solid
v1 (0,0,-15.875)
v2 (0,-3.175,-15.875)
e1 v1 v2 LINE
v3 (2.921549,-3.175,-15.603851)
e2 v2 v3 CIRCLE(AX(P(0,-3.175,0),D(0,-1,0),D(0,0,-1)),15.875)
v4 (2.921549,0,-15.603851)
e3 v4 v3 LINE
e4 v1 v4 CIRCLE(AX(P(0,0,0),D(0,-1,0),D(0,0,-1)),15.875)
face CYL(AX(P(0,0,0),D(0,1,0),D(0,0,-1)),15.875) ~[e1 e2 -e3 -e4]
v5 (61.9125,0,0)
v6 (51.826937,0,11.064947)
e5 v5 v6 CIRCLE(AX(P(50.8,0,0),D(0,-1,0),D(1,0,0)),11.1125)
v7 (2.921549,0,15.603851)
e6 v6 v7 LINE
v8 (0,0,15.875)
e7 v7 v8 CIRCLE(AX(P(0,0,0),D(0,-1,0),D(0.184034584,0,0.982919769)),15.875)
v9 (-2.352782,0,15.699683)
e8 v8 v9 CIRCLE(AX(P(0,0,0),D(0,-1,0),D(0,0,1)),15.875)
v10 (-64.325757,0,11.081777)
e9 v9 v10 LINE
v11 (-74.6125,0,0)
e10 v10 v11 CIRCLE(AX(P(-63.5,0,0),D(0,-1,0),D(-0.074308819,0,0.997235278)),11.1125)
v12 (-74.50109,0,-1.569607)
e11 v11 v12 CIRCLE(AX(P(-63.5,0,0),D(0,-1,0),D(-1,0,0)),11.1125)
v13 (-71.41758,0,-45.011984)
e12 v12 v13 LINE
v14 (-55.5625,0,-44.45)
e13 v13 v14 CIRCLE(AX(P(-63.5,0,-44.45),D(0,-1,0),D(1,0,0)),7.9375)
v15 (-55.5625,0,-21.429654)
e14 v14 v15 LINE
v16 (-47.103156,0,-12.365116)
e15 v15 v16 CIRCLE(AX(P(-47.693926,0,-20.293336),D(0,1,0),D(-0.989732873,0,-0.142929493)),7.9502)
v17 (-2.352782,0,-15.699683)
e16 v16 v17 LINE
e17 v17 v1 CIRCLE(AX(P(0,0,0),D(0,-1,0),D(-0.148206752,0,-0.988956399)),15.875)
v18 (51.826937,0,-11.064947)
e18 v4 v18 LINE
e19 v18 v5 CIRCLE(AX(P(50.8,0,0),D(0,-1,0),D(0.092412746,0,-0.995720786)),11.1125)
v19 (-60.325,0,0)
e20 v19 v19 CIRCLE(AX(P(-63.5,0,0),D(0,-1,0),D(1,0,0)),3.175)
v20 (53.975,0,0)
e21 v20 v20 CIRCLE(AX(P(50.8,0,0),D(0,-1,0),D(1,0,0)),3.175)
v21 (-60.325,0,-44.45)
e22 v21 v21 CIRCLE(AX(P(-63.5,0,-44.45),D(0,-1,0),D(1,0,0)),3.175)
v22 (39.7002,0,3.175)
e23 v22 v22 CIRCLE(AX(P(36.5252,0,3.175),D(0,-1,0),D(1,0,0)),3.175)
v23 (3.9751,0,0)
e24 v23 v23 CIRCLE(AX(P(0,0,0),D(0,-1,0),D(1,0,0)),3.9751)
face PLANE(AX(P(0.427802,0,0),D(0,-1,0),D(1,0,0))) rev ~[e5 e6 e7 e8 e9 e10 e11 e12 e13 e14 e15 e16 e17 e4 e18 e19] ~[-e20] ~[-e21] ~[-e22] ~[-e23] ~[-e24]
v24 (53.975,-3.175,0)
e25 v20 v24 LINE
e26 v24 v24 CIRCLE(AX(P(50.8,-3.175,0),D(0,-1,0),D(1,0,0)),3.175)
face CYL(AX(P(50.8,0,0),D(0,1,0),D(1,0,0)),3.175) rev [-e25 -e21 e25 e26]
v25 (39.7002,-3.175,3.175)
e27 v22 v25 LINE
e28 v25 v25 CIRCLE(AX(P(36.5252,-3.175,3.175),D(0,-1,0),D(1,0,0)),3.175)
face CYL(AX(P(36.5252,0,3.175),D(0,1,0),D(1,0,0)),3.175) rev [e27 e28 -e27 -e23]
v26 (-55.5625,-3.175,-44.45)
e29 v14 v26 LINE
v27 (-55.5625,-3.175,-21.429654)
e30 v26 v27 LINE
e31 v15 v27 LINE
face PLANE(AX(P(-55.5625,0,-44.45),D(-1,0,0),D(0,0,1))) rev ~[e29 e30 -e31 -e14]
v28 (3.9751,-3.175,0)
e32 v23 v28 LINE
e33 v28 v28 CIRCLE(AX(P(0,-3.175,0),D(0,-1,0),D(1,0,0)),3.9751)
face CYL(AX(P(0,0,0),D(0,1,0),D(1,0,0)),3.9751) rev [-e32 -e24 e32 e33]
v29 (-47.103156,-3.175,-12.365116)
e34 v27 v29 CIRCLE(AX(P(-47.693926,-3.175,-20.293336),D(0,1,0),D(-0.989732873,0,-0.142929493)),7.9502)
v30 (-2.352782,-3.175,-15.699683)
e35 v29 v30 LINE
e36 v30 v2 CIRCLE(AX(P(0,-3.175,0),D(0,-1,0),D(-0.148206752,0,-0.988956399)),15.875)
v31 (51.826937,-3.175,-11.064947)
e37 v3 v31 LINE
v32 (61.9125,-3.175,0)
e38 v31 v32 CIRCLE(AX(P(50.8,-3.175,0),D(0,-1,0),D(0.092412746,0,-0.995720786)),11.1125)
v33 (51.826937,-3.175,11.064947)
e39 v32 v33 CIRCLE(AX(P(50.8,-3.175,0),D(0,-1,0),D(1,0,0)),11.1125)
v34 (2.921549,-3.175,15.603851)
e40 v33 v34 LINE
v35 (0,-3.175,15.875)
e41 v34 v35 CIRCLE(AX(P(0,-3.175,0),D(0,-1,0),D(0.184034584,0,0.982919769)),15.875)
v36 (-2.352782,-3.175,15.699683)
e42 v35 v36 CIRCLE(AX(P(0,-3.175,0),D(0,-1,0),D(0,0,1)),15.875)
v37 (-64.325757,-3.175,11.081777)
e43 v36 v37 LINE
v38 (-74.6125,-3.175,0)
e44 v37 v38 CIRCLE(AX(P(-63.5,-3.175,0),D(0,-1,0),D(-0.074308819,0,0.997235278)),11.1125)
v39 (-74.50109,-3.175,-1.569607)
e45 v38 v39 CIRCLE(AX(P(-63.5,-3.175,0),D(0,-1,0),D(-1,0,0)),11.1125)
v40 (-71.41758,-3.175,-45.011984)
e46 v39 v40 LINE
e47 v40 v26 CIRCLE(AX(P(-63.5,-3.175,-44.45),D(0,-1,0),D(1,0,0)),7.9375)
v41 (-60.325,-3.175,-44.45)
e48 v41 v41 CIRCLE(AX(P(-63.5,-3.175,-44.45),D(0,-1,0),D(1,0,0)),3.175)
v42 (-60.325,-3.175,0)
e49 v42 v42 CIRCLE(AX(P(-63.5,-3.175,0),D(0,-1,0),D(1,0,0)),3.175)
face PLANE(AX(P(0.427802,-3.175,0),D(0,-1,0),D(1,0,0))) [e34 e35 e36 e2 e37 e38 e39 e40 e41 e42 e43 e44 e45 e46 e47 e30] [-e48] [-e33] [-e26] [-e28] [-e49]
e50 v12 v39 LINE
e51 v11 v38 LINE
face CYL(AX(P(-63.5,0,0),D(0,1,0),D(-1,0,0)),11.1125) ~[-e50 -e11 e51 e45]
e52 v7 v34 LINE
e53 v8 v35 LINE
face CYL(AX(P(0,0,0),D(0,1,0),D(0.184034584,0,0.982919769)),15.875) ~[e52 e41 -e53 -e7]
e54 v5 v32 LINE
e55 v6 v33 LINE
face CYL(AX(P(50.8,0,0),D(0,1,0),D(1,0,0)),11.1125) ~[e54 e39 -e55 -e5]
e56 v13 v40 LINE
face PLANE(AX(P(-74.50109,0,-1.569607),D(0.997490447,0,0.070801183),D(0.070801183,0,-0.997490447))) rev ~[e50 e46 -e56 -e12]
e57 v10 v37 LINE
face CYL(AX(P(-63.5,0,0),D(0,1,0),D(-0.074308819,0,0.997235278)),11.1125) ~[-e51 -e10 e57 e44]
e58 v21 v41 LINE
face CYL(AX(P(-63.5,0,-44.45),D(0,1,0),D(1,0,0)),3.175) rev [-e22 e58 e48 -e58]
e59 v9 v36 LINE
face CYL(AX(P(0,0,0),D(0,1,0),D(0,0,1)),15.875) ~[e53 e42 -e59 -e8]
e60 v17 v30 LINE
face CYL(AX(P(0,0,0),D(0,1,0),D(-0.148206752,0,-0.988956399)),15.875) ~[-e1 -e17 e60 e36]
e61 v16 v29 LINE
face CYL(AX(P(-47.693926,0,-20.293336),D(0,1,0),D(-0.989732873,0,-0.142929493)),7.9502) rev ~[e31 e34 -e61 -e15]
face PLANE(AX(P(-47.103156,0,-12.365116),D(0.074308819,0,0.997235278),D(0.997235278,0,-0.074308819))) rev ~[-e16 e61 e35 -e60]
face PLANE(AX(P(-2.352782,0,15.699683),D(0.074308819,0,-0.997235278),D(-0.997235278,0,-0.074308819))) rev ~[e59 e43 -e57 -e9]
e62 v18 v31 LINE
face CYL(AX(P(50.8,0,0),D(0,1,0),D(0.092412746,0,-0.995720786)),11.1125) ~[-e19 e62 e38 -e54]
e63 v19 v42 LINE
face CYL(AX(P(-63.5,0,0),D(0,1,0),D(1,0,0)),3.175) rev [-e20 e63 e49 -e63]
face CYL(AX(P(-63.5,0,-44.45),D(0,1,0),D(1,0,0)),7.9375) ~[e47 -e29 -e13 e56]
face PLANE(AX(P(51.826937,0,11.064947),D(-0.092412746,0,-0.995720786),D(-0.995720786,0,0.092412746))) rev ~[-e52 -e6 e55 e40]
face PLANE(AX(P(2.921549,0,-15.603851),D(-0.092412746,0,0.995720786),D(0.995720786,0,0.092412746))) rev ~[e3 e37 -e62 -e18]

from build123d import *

# Parameters (mm, degrees)
F0_R     = 3.9751
F0_R_2   = 3.175
F1_DEPTH = 3.175


with BuildPart() as f1:
    # F0 (on Front) → F1 (new body)
    with BuildSketch(Plane.XZ):
        with BuildLine():
            ThreePointArc((2.9215490166, -15.6038513305), (12.2146472655, -10.1399219514), (15.875, 0))
            ThreePointArc((15.875, 0), (12.2146472655, 10.1399219514), (2.9215490166, 15.6038513305))
            Line((2.9215490166, 15.6038513305), (0, 15.875))
            Line((0, 15.875), (-2.3527821949, 15.6996828294))
            ThreePointArc((-2.3527821949, 15.6996828294), (-15.875, 0), (-2.3527821949, -15.6996828294))
            Line((-2.3527821949, -15.6996828294), (0, -15.875))
            Line((0, -15.875), (2.9215490166, -15.6038513305))
        make_face()
        Circle(F0_R, mode=Mode.SUBTRACT)
        with BuildLine():
            ThreePointArc((2.9215490166, 15.6038513305), (12.2146472655, 10.1399219514), (15.875, 0))
            ThreePointArc((15.875, 0), (12.2146472655, -10.1399219514), (2.9215490166, -15.6038513305))
            Line((2.9215490166, -15.6038513305), (51.8269366371, -11.0649472386))
            ThreePointArc((51.8269366371, -11.0649472386), (39.6875, 0), (51.8269366371, 11.0649472386))
            Line((51.8269366371, 11.0649472386), (2.9215490166, 15.6038513305))
        make_face()
        with Locations((36.5252, 3.175)):
            Circle(F0_R_2, mode=Mode.SUBTRACT)
        with BuildLine():
            Line((0, 15.875), (2.9215490166, 15.6038513305))
            ThreePointArc((2.9215490166, 15.6038513305), (1.4670523387, 15.8070674837), (0, 15.875))
        make_face()
        with BuildLine():
            ThreePointArc((0, -15.875), (1.4670523387, -15.8070674837), (2.9215490166, -15.6038513305))
            Line((2.9215490166, -15.6038513305), (0, -15.875))
        make_face()
        with BuildLine():
            Line((-2.3527821949, 15.6996828294), (0, 15.875))
            ThreePointArc((0, 15.875), (-1.1796525089, 15.8311100356), (-2.3527821949, 15.6996828294))
        make_face()
        with BuildLine():
            ThreePointArc((61.9125, 0), (59.0127793599, 7.4858474093), (51.8269366371, 11.0649472386))
            ThreePointArc((51.8269366371, 11.0649472386), (39.6875, 0), (51.8269366371, -11.0649472386))
            ThreePointArc((51.8269366371, -11.0649472386), (59.0127793599, -7.4858474093), (61.9125, 0))
        make_face()
        with Locations((50.8, 0)):
            Circle(F0_R_2, mode=Mode.SUBTRACT)
        with BuildLine():
            ThreePointArc((-2.3527821949, -15.6996828294), (-1.1796525089, -15.8311100356), (0, -15.875))
            Line((0, -15.875), (-2.3527821949, -15.6996828294))
        make_face()
        with BuildLine():
            ThreePointArc((-2.3527821949, -15.6996828294), (-15.875, 0), (-2.3527821949, 15.6996828294))
            Line((-2.3527821949, 15.6996828294), (-64.3257567562, 11.0817770249))
            ThreePointArc((-64.3257567562, 11.0817770249), (-55.9398599783, 8.1444422216), (-52.3875, 0))
            ThreePointArc((-52.3875, 0), (-62.7132218511, -11.0846125956), (-74.5010903522, -1.5696073753))
            Line((-74.5010903522, -1.5696073753), (-71.4175804254, -45.0119843921))
            ThreePointArc((-71.4175804254, -45.0119843921), (-63.7811686533, -36.5174814568), (-55.5625, -44.45))
            Line((-55.5625, -44.45), (-55.5625, -21.4296542108))
            ThreePointArc((-55.5625, -21.4296542108), (-53.5062463335, -14.8690750057), (-47.1031557359, -12.3651162511))
            Line((-47.1031557359, -12.3651162511), (-2.3527821949, -15.6996828294))
        make_face()
        with BuildLine():
            ThreePointArc((-52.3875, 0), (-55.9398599783, 8.1444422216), (-64.3257567562, 11.0817770249))
            ThreePointArc((-64.3257567562, 11.0817770249), (-71.6444422216, 7.5601400217), (-74.6125, 0))
            Line((-74.6125, 0), (-74.5010903522, -1.5696073753))
            ThreePointArc((-74.5010903522, -1.5696073753), (-62.7132218511, -11.0846125956), (-52.3875, 0))
        make_face()
        with Locations((-63.5, 0)):
            Circle(F0_R_2, mode=Mode.SUBTRACT)
        with BuildLine():
            Line((-74.5010903522, -1.5696073753), (-74.6125, 0))
            ThreePointArc((-74.6125, 0), (-74.5846125956, -0.7867781489), (-74.5010903522, -1.5696073753))
        make_face()
        with BuildLine():
            ThreePointArc((-71.4175804254, -45.0119843921), (-63.2188313467, -52.3825185432), (-55.5625, -44.45))
            ThreePointArc((-55.5625, -44.45), (-63.7811686533, -36.5174814568), (-71.4175804254, -45.0119843921))
        make_face()
        with Locations((-63.5, -44.45)):
            Circle(F0_R_2, mode=Mode.SUBTRACT)
    extrude(amount=F1_DEPTH)


solid = f1.part
